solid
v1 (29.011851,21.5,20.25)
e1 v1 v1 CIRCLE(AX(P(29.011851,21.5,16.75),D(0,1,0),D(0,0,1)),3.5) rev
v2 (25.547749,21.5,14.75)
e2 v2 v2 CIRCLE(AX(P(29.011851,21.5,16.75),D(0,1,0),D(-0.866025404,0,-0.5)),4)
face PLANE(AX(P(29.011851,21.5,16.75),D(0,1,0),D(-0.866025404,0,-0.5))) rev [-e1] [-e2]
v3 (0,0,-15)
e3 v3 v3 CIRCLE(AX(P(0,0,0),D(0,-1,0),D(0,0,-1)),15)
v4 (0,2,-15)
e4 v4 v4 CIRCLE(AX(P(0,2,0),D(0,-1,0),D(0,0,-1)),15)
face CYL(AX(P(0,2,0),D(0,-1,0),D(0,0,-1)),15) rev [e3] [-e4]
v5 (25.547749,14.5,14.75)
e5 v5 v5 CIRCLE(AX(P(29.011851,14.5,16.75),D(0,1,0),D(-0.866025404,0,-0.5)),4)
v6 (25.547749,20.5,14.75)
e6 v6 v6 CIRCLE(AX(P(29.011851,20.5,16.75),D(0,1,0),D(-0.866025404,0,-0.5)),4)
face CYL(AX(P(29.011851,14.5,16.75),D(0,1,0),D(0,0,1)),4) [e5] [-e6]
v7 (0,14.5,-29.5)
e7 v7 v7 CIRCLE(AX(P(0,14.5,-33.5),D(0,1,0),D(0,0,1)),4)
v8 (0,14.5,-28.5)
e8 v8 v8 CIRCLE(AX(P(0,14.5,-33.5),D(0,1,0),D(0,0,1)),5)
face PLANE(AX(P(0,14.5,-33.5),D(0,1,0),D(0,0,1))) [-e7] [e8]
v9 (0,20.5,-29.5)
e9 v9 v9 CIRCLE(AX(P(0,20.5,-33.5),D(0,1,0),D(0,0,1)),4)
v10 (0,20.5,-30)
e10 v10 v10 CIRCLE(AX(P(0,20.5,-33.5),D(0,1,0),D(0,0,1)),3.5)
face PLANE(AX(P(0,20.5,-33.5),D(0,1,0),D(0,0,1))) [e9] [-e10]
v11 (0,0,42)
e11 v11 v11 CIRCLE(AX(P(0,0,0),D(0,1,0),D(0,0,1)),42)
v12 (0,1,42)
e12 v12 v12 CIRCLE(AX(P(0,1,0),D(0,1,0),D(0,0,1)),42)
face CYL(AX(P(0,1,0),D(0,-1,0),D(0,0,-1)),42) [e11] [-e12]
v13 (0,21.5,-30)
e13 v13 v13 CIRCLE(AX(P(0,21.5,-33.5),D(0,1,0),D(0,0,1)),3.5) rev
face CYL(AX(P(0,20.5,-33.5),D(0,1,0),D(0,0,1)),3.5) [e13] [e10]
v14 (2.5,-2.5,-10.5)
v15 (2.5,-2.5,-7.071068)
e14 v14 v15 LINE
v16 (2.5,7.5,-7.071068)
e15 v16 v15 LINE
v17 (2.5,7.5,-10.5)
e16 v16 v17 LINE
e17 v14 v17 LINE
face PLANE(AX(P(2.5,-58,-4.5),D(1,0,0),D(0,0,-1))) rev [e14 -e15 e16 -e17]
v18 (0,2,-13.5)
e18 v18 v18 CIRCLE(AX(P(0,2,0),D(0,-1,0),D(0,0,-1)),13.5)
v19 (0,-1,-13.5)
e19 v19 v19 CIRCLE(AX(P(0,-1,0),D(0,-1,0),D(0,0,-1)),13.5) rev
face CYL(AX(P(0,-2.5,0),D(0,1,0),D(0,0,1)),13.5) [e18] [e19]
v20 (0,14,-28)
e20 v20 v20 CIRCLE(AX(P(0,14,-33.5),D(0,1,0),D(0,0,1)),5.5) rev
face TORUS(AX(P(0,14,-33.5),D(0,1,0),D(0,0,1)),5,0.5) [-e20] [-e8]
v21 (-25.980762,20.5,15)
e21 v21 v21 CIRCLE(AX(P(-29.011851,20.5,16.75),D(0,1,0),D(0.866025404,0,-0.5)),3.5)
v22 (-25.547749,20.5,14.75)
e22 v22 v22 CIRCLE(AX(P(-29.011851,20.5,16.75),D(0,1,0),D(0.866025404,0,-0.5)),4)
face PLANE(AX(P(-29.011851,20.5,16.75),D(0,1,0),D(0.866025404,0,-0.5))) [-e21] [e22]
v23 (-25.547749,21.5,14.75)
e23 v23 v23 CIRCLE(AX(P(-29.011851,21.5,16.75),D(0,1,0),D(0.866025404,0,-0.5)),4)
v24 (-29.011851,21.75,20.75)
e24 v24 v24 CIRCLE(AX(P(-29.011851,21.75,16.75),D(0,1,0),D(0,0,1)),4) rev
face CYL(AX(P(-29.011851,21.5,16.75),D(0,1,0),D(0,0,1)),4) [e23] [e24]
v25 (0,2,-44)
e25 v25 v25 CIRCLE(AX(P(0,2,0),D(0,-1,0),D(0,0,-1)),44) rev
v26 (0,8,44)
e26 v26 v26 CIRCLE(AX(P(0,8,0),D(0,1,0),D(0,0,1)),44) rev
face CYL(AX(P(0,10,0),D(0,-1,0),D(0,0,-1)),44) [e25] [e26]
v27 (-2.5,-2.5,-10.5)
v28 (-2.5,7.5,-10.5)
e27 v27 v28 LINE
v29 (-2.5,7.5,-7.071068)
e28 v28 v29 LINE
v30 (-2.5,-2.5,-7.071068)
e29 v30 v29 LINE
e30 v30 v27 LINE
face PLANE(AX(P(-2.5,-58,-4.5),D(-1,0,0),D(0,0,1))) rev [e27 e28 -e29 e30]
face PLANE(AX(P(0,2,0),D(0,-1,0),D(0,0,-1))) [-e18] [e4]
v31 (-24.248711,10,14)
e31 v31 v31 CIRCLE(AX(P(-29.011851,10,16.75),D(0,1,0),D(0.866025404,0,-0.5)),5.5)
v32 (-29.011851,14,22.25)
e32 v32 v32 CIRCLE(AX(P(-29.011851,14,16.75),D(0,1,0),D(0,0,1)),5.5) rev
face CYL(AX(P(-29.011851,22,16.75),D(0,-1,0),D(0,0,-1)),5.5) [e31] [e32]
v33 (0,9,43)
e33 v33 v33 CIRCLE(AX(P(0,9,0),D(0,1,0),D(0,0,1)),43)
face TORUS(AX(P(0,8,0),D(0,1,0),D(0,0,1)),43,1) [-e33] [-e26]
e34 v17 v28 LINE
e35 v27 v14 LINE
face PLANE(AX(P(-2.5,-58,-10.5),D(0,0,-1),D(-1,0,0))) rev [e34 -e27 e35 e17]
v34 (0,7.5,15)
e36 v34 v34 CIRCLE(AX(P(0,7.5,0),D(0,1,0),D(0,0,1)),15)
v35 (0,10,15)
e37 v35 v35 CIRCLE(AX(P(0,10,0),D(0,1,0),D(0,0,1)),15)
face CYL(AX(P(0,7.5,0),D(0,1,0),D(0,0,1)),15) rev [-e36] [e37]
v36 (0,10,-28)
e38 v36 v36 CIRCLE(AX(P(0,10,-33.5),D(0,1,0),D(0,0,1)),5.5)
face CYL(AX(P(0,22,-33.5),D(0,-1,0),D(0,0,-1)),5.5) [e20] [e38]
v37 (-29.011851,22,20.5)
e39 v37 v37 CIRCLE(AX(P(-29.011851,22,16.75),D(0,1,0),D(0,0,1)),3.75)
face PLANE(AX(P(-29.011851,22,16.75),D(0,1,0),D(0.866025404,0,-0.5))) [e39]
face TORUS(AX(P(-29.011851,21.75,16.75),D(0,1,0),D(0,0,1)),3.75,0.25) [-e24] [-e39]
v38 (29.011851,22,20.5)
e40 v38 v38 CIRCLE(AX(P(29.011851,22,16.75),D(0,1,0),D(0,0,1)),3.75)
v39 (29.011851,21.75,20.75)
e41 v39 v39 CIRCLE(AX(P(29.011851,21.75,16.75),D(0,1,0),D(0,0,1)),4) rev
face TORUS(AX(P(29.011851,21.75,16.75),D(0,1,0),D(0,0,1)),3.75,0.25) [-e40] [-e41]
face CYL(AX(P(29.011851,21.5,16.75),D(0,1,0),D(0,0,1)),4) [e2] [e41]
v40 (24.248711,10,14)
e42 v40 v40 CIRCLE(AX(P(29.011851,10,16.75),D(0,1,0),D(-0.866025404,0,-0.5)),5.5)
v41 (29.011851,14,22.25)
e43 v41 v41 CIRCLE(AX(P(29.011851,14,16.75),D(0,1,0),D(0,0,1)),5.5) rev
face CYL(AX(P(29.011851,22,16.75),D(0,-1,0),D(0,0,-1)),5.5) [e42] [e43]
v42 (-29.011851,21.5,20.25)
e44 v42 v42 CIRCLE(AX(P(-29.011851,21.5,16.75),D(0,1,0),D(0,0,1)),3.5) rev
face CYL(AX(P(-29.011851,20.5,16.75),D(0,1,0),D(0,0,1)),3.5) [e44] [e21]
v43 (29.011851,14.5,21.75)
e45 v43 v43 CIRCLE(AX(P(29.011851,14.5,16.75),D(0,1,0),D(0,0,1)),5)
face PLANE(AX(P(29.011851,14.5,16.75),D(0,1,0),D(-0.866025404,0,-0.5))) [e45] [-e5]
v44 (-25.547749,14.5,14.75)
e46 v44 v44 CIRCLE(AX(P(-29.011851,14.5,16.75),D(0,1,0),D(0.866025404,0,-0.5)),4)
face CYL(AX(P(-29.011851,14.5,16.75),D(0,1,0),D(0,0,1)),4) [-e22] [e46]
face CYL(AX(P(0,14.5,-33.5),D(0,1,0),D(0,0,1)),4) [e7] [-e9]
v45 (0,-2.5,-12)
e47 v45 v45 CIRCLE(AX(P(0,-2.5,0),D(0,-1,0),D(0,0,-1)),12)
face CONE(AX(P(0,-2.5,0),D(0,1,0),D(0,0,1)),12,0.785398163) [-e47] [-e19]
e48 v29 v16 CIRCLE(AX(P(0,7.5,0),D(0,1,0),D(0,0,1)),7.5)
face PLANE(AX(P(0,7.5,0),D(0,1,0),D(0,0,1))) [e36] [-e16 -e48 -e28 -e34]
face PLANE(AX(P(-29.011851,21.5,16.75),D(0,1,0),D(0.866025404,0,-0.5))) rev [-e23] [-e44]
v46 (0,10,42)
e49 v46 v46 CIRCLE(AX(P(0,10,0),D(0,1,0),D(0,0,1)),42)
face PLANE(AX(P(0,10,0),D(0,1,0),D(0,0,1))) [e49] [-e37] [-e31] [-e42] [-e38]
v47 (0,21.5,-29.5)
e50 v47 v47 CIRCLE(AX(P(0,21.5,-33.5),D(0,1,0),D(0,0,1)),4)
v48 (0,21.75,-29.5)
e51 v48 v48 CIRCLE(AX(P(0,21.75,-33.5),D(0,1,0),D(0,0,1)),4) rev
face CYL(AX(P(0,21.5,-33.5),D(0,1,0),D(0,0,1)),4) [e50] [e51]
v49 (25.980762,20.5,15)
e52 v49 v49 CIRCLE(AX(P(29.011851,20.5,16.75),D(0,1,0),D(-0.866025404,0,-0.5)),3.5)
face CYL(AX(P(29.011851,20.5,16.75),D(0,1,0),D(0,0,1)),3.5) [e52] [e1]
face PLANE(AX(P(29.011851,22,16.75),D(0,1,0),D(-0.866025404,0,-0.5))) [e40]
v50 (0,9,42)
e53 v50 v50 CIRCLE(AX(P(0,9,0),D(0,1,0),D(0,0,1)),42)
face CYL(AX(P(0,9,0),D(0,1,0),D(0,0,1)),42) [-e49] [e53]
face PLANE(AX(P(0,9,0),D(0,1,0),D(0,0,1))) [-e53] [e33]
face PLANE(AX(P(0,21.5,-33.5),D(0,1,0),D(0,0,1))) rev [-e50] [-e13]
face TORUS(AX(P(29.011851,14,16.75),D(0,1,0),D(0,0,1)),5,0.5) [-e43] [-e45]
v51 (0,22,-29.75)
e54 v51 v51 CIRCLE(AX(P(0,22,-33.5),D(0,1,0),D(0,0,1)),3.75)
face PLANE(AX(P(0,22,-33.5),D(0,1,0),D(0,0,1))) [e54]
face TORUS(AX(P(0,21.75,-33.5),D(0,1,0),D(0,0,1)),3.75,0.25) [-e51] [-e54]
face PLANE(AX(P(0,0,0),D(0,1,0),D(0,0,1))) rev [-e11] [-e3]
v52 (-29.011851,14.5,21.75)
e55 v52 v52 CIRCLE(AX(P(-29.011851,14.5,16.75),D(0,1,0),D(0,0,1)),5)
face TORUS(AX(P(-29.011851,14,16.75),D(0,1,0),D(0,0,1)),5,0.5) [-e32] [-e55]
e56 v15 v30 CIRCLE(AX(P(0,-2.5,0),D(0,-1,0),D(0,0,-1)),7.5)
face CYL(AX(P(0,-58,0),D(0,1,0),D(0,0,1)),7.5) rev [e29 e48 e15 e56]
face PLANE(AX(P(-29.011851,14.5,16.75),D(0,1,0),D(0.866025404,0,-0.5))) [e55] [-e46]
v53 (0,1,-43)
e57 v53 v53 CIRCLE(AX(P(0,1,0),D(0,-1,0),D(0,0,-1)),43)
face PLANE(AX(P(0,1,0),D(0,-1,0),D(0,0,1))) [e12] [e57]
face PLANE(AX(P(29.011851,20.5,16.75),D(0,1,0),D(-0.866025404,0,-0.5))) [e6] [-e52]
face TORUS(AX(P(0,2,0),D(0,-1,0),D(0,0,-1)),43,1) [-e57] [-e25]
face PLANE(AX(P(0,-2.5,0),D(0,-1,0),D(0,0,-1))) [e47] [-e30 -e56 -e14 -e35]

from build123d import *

# Parameters (mm, degrees)
SKETCH1_R                = 44
BOSS_EXTRUDE1_DEPTH      = 10
SKETCH2_R                = 44
SKETCH2_R_2              = 42
CUT_EXTRUDE1_DEPTH       = 1
FILLET1_R                = 1
SKETCH3_R                = 15
CUT_EXTRUDE2_DEPTH       = 2.5
SKETCH4_R                = 7.5
CUT_EXTRUDE3_DEPTH       = 65.5
SKETCH5_W                = 5
SKETCH5_H                = 6
CUT_EXTRUDE4_DEPTH       = 65.5
SKETCH7_R                = 15
CUT_EXTRUDE5_DEPTH       = 2
SKETCH8_R                = 13.5
BOSS_EXTRUDE2_DEPTH      = 4.5
CHAMFER1_SIZE            = 1.5
SKETCH9_R                = 5.5
BOSS_EXTRUDE3_DEPTH      = 12
SKETCH10_R               = 5.5
SKETCH10_R_2             = 4
CUT_EXTRUDE6_DEPTH       = 7.5
FILLET2_R                = 0.5
SKETCH11_R               = 4
SKETCH11_R_2             = 3.5
CUT_EXTRUDE7_DEPTH       = 1.5
SKETCH12_R               = 4
BOSS_EXTRUDE4_DEPTH      = 0.5
FILLET3_R                = 0.25
CIRPATTERN1_COUNT        = 3
FILLET2_OF_CIRPATTERN1_R = 0.5
FILLET3_OF_CIRPATTERN1_R = 0.25


with BuildPart() as part:
    # Sketch1 → Boss-Extrude1 (new body)
    with BuildSketch(Plane(origin=(0, 0, 0), x_dir=(1, 0, 0), z_dir=(0, 1, 0))):
        Circle(SKETCH1_R)
    extrude(amount=BOSS_EXTRUDE1_DEPTH)

    # Sketch2 → Cut-Extrude1 (cut)
    with BuildSketch(Plane(origin=(0, 10, 0), x_dir=(1, 0, 0), z_dir=(0, 1, 0))):
        Circle(SKETCH2_R)
        Circle(SKETCH2_R_2, mode=Mode.SUBTRACT)
    cut_extrude1 = extrude(amount=-CUT_EXTRUDE1_DEPTH, mode=Mode.SUBTRACT)

    # Mirror1: Cut-Extrude1 across plane
    add(cut_extrude1.mirror(Plane(origin=(0, 5, 0), x_dir=(0, 0, 1), z_dir=(0, -1, 0))), mode=Mode.SUBTRACT)

    # Fillet1
    fillet1_edges = [part.edges().sort_by_distance(p)[0] for p in [
        (-44, 1, 0),
        (-44, 9, 0),
    ]]
    fillet(fillet1_edges, radius=FILLET1_R)

    # Sketch3 → Cut-Extrude2 (cut)
    with BuildSketch(Plane(origin=(0, 10, 0), x_dir=(1, 0, 0), z_dir=(0, 1, 0))):
        Circle(SKETCH3_R)
    extrude(amount=-CUT_EXTRUDE2_DEPTH, mode=Mode.SUBTRACT)

    # Sketch4 → Cut-Extrude3 (cut)
    with BuildSketch(Plane(origin=(0, 7.5, 0), x_dir=(1, 0, 0), z_dir=(0, 1, 0))):
        Circle(SKETCH4_R)
    extrude(amount=-CUT_EXTRUDE3_DEPTH, mode=Mode.SUBTRACT)

    # Sketch5 → Cut-Extrude4 (cut)
    with BuildSketch(Plane(origin=(0, 7.5, 0), x_dir=(1, 0, 0), z_dir=(0, 1, 0))):
        with Locations((0, 7.5)):
            Rectangle(SKETCH5_W, SKETCH5_H)
    extrude(amount=-CUT_EXTRUDE4_DEPTH, mode=Mode.SUBTRACT)

    # Sketch7 → Cut-Extrude5 (cut)
    with BuildSketch(Plane.XZ):
        Circle(SKETCH7_R)
    extrude(amount=-CUT_EXTRUDE5_DEPTH, mode=Mode.SUBTRACT)

    # Sketch8 → Boss-Extrude2 (add)
    with BuildSketch(Plane.XZ.offset(-2)):
        Circle(SKETCH8_R)
        with BuildLine():
            Line((2.5, -10.5), (2.5, -7.071067812))
            ThreePointArc((2.5, -7.071067812), (0, 7.5), (-2.5, -7.071067812))
            Line((-2.5, -7.071067812), (-2.5, -10.5))
            Line((-2.5, -10.5), (2.5, -10.5))
        make_face(mode=Mode.SUBTRACT)
    extrude(amount=BOSS_EXTRUDE2_DEPTH)

    # Chamfer1
    chamfer1_edges = [part.edges().sort_by_distance(p)[0] for p in [
        (-13.5, -2.5, 0),
    ]]
    chamfer(chamfer1_edges, length=CHAMFER1_SIZE)

    # Sketch9 → Boss-Extrude3 (add)
    with BuildSketch(Plane(origin=(0, 10, 0), x_dir=(1, 0, 0), z_dir=(0, 1, 0))):
        with Locations((0, 33.5)):
            Circle(SKETCH9_R)
    boss_extrude3 = extrude(amount=BOSS_EXTRUDE3_DEPTH)

    # Sketch10 → Cut-Extrude6 (cut)
    with BuildSketch(Plane(origin=(0, 22, 0), x_dir=(1, 0, 0), z_dir=(0, 1, 0))):
        with Locations((0, 33.5)):
            Circle(SKETCH10_R)
        with Locations((0, 33.5)):
            Circle(SKETCH10_R_2, mode=Mode.SUBTRACT)
    cut_extrude6 = extrude(amount=-CUT_EXTRUDE6_DEPTH, mode=Mode.SUBTRACT)

    # Fillet2
    fillet2_edges = [part.edges().sort_by_distance(p)[0] for p in [
        (-5.5, 14.5, -33.5),
    ]]
    fillet(fillet2_edges, radius=FILLET2_R)

    # Sketch11 → Cut-Extrude7 (cut)
    with BuildSketch(Plane(origin=(0, 22, 0), x_dir=(1, 0, 0), z_dir=(0, 1, 0))):
        with Locations((0, 33.5)):
            Circle(SKETCH11_R)
        with Locations((0, 33.5)):
            Circle(SKETCH11_R_2, mode=Mode.SUBTRACT)
    cut_extrude7 = extrude(amount=-CUT_EXTRUDE7_DEPTH, mode=Mode.SUBTRACT)

    # Sketch12 → Boss-Extrude4 (add)
    with BuildSketch(Plane(origin=(0, 22, 0), x_dir=(1, 0, 0), z_dir=(0, 1, 0))):
        with Locations((0, 33.5)):
            Circle(SKETCH12_R)
    boss_extrude4 = extrude(amount=-BOSS_EXTRUDE4_DEPTH)

    # Fillet3
    fillet3_edges = [part.edges().sort_by_distance(p)[0] for p in [
        (-4, 22, -33.5),
    ]]
    fillet(fillet3_edges, radius=FILLET3_R)

    # CirPattern1: Boss-Extrude3, Cut-Extrude6, Cut-Extrude7, Boss-Extrude4 ×3 about axis
    cirpattern1_axis = Axis((0, 0, 0), (0, 1, 0))
    for i in range(1, CIRPATTERN1_COUNT):
        add(boss_extrude3.rotate(cirpattern1_axis, i * 360 / CIRPATTERN1_COUNT))
        add(cut_extrude6.rotate(cirpattern1_axis, i * 360 / CIRPATTERN1_COUNT), mode=Mode.SUBTRACT)
        add(cut_extrude7.rotate(cirpattern1_axis, i * 360 / CIRPATTERN1_COUNT), mode=Mode.SUBTRACT)
        add(boss_extrude4.rotate(cirpattern1_axis, i * 360 / CIRPATTERN1_COUNT))

    # Fillet2 of CirPattern1
    fillet2_of_cirpattern1_edges = [part.edges().sort_by_distance(p)[0] for p in [
        (-26.261851027, 14.5, 21.513139721),
        (31.761851027, 14.5, 11.986860279),
    ]]
    fillet(fillet2_of_cirpattern1_edges, radius=FILLET2_OF_CIRPATTERN1_R)

    # Fillet3 of CirPattern1
    fillet3_of_cirpattern1_edges = [part.edges().sort_by_distance(p)[0] for p in [
        (-27.011851027, 22, 20.214101615),
        (31.011851027, 22, 13.285898385),
    ]]
    fillet(fillet3_of_cirpattern1_edges, radius=FILLET3_OF_CIRPATTERN1_R)


solid = part.part
